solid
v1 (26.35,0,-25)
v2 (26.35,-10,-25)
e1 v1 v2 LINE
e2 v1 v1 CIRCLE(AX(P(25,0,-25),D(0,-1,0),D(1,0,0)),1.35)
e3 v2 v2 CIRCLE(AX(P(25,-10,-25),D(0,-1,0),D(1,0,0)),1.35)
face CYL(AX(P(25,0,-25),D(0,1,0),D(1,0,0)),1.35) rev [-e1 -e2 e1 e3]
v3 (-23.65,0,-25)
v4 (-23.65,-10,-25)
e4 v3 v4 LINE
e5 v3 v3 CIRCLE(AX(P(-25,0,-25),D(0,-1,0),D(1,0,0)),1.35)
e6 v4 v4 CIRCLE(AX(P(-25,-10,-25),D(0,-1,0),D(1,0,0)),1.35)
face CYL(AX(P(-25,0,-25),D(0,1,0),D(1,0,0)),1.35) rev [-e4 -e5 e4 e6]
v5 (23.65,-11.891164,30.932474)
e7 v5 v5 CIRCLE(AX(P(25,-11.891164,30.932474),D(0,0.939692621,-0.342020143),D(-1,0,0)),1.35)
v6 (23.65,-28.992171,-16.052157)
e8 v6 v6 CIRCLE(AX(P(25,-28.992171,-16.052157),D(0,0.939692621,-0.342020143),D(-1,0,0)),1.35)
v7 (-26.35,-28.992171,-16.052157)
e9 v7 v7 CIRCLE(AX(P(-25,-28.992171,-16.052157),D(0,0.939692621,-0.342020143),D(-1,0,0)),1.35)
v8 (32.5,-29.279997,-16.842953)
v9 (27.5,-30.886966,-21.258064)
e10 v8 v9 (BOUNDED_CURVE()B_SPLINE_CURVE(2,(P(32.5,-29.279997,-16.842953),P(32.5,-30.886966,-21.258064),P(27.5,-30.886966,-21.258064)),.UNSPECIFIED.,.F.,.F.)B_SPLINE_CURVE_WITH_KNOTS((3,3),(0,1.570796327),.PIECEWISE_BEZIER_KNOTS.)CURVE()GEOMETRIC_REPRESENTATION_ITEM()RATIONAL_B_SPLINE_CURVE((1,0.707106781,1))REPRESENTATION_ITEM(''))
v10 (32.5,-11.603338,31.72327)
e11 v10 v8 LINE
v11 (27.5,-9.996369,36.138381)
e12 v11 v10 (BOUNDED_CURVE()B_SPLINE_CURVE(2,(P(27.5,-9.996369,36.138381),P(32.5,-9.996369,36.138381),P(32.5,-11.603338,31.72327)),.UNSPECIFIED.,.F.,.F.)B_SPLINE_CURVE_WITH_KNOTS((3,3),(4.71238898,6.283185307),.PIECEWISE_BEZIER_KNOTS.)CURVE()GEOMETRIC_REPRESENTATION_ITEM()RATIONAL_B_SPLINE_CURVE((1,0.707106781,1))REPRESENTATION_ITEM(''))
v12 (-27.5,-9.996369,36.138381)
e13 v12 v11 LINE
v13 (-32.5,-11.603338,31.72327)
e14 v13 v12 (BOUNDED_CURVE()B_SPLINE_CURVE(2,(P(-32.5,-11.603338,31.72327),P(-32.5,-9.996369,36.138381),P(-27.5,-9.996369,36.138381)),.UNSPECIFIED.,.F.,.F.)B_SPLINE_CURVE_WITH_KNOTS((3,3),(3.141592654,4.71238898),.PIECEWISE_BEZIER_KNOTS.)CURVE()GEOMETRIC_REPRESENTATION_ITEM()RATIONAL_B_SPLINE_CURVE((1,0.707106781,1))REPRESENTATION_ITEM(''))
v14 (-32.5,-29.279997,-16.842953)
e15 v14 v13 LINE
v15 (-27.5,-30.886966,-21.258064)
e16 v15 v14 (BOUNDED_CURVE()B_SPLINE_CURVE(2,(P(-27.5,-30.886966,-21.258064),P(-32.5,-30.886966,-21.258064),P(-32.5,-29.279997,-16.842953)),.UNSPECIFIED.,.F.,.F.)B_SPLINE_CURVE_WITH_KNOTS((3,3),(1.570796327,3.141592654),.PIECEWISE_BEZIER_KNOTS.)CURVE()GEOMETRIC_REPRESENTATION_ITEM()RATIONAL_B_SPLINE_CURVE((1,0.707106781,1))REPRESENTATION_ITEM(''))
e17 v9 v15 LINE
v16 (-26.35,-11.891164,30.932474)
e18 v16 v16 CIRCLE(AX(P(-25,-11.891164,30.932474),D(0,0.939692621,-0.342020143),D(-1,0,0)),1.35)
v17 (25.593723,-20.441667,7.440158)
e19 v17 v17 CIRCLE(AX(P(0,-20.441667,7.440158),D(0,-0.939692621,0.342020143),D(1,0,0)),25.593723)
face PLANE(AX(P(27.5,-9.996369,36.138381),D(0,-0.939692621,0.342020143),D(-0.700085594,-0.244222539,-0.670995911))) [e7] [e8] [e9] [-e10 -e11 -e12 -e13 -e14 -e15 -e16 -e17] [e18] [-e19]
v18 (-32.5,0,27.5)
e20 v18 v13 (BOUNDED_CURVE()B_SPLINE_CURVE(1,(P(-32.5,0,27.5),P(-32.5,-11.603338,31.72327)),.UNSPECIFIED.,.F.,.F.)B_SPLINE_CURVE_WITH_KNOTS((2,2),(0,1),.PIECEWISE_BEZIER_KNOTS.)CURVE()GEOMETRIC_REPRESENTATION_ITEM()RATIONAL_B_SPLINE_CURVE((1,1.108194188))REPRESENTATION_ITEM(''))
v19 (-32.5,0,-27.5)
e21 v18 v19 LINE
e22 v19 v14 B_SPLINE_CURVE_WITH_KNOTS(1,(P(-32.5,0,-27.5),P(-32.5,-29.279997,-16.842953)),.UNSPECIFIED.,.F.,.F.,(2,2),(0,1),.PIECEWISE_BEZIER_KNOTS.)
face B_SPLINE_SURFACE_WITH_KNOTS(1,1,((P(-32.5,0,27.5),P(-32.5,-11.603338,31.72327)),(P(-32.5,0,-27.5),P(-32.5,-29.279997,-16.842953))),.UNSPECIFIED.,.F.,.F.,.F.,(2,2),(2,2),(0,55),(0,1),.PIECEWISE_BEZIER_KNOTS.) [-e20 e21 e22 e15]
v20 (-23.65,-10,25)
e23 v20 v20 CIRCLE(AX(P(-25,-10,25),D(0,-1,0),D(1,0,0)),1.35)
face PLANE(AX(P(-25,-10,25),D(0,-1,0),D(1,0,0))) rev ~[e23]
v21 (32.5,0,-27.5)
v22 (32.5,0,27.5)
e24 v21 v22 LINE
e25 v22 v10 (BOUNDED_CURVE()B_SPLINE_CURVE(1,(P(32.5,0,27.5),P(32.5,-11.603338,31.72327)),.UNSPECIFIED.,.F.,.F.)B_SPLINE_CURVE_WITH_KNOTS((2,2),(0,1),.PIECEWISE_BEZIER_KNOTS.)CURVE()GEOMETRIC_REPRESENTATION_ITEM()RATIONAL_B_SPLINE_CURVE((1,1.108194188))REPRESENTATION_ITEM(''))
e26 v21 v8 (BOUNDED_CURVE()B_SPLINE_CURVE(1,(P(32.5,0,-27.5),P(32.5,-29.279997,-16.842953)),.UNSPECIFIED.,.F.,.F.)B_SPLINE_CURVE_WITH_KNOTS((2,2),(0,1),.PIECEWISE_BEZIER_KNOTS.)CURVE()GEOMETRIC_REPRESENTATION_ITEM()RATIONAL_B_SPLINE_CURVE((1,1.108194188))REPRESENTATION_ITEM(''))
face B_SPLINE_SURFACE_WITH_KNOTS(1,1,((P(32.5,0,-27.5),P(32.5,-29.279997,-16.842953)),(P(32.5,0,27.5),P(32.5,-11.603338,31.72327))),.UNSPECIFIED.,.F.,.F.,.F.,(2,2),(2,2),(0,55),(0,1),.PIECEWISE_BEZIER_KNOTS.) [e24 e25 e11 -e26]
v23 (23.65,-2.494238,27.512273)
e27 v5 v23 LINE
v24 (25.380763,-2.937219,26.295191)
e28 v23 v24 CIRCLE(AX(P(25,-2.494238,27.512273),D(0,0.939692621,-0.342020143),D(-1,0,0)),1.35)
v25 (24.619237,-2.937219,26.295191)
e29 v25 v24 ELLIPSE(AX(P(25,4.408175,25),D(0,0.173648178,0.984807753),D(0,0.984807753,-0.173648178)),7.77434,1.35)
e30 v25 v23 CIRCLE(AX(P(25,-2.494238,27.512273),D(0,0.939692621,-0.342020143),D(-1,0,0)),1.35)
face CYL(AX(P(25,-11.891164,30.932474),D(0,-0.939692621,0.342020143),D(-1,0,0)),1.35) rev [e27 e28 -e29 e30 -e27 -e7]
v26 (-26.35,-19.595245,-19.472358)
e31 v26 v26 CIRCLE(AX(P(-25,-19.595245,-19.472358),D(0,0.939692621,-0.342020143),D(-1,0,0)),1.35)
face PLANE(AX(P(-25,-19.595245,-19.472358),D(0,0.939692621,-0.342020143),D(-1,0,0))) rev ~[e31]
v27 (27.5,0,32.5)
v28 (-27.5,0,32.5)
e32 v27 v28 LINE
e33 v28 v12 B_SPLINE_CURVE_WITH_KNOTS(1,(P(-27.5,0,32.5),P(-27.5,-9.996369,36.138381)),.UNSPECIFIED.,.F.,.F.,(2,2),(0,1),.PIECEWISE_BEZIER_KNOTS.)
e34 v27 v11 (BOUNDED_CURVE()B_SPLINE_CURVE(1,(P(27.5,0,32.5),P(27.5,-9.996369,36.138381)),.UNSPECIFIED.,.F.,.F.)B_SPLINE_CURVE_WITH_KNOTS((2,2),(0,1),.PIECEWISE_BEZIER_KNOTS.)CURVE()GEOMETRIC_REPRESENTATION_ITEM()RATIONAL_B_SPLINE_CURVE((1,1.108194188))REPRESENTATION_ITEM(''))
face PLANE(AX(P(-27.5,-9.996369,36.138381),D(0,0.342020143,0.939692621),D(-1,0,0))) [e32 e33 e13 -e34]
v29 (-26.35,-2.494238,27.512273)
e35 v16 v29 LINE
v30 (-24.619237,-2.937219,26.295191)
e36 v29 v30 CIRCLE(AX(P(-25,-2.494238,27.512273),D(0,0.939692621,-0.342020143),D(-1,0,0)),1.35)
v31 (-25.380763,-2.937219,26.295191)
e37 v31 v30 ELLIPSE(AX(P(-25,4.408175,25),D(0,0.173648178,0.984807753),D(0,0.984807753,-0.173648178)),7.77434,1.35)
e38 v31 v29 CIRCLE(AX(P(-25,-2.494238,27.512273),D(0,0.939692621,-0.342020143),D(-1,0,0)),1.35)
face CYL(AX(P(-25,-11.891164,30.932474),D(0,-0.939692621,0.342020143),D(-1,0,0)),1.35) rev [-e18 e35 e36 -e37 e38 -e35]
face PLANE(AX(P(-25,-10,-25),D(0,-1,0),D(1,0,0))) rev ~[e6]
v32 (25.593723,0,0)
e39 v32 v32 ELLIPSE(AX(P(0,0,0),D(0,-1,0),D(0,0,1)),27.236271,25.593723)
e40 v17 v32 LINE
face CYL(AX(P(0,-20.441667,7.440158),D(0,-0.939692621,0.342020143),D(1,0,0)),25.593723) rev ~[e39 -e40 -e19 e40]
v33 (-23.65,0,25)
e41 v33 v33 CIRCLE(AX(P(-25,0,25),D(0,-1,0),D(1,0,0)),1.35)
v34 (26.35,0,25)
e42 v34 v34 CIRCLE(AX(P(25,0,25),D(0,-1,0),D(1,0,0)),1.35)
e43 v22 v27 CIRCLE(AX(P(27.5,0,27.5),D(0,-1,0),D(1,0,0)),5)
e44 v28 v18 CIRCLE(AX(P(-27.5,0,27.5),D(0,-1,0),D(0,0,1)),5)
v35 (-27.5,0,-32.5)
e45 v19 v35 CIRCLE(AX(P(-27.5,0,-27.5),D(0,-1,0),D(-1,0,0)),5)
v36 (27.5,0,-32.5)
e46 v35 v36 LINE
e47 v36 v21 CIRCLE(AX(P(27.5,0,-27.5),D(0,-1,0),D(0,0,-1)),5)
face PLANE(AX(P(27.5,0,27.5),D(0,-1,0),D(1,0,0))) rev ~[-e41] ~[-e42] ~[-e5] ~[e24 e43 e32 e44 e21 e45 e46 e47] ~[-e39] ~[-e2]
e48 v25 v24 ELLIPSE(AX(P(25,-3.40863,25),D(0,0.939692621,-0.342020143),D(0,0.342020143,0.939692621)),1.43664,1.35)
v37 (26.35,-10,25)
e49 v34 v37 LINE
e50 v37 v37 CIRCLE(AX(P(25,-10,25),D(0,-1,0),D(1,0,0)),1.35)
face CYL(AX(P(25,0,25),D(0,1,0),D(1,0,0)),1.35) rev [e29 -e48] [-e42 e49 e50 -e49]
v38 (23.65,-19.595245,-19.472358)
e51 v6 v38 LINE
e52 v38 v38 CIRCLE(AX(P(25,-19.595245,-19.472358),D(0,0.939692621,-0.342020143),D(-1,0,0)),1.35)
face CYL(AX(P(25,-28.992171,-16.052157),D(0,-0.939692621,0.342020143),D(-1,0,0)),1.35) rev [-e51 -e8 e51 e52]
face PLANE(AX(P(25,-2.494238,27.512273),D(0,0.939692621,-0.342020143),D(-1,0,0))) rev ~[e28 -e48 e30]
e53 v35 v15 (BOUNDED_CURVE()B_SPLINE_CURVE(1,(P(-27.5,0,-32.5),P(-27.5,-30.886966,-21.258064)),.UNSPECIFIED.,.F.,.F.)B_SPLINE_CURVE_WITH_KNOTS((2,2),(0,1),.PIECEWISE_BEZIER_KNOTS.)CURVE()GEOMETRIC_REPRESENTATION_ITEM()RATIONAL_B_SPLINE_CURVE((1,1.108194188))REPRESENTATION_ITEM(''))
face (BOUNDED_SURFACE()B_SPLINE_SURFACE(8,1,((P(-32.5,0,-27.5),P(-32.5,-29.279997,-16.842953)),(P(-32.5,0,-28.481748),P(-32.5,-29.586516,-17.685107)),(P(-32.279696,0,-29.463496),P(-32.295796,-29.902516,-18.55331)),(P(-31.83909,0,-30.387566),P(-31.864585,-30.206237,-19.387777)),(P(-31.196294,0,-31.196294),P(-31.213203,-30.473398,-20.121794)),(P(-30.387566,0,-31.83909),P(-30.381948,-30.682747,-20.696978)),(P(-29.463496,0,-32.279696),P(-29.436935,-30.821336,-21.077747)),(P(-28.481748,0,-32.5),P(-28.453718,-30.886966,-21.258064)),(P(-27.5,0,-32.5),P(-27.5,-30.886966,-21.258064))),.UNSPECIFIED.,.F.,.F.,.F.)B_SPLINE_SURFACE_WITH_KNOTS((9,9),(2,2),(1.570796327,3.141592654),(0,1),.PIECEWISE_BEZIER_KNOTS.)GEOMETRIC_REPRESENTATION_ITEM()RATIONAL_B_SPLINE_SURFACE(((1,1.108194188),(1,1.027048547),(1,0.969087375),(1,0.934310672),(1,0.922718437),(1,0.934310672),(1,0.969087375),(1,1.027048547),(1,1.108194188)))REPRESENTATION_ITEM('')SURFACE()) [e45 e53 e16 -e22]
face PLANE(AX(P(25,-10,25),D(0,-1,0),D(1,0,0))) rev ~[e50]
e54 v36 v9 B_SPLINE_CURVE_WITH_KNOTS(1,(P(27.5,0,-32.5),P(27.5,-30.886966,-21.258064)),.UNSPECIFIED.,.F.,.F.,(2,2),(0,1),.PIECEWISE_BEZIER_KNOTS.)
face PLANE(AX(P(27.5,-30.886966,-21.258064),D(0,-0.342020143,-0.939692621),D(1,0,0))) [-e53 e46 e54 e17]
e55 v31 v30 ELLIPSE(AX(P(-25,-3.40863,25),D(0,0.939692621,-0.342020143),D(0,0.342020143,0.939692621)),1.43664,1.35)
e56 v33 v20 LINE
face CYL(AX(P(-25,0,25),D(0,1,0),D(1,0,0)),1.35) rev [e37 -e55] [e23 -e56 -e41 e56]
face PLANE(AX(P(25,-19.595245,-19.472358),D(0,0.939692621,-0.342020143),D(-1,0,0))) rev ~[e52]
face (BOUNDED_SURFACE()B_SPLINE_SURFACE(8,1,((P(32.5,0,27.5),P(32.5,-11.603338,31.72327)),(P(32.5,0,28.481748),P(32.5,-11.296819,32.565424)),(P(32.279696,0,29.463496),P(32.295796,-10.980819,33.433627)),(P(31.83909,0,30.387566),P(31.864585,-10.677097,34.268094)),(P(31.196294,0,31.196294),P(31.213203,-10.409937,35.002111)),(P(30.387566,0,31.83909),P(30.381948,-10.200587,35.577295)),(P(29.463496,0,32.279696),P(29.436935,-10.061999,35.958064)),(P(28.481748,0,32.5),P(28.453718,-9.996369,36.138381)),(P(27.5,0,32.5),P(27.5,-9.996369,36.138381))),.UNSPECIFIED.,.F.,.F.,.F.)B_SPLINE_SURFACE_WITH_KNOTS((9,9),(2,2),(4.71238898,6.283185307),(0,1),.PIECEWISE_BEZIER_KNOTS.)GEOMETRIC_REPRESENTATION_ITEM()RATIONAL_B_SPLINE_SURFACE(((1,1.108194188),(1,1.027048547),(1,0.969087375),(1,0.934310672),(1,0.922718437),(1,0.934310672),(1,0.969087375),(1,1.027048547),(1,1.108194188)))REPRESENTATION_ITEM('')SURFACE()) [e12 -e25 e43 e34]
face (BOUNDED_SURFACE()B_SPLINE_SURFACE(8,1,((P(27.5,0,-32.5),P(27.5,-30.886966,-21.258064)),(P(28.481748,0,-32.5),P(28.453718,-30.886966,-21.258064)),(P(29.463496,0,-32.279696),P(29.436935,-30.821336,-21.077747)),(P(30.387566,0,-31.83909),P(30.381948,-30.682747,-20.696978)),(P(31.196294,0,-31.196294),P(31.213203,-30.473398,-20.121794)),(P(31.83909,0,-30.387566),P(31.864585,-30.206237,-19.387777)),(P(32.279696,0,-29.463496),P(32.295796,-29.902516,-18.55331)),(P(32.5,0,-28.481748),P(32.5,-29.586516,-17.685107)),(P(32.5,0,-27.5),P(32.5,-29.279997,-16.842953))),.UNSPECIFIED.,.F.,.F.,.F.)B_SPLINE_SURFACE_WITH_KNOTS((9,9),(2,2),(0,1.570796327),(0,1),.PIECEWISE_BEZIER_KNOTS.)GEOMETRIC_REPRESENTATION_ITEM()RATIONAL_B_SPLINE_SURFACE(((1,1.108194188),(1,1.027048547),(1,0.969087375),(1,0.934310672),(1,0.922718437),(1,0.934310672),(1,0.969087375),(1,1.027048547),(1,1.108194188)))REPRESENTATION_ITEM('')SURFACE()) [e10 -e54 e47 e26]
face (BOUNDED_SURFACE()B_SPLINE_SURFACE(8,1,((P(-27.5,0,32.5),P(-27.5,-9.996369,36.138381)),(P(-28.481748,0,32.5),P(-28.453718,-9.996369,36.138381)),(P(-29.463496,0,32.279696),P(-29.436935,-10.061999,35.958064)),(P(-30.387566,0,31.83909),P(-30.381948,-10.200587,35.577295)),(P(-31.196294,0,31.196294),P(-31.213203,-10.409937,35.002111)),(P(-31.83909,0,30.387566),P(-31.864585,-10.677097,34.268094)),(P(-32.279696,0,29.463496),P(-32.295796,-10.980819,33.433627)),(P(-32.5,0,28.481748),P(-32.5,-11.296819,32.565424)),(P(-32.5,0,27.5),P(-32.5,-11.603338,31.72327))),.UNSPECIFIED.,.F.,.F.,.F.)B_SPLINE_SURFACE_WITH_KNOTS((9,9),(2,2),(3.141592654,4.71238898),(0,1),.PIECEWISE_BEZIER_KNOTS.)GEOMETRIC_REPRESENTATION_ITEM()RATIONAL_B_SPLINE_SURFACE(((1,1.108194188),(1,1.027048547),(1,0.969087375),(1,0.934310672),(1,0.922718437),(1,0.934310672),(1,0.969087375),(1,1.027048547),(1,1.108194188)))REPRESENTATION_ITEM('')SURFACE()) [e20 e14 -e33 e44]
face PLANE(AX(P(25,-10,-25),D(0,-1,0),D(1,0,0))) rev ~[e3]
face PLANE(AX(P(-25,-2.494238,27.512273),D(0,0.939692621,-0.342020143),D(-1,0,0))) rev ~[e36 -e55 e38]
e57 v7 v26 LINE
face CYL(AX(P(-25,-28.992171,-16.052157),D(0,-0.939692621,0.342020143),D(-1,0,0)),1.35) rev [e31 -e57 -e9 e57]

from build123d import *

# Parameters (mm, degrees)
F1_R      = 1.35
F7_DEPTH  = 10
F6_R      = 1.35
F8_DEPTH  = 10
F9_R      = 25.5937233364
F10_DEPTH = 32.8702228284


with BuildPart() as f5:
    # F0 (on Front) → F5 section 0
    with BuildSketch(Plane.XZ):
        with BuildLine():
            ThreePointArc((32.5, 27.5), (31.0355339059, 31.0355339059), (27.5, 32.5))
            Line((27.5, 32.5), (-27.5, 32.5))
            ThreePointArc((-27.5, 32.5), (-31.0355339059, 31.0355339059), (-32.5, 27.5))
            Line((-32.5, 27.5), (-32.5, -27.5))
            ThreePointArc((-32.5, -27.5), (-31.0355339059, -31.0355339059), (-27.5, -32.5))
            Line((-27.5, -32.5), (27.5, -32.5))
            ThreePointArc((27.5, -32.5), (31.0355339059, -31.0355339059), (32.5, -27.5))
            Line((32.5, -27.5), (32.5, 27.5))
        make_face()
    # F4 (on line) → F5 section 1
    with BuildSketch(Plane(origin=(0, -20.4416673649, 7.4401584596), x_dir=(-1, 0, 0), z_dir=(0, 0.9396926208, -0.3420201433))):
        with BuildLine():
            Line((27.5, 30.5400101755), (-27.5, 30.5400101755))
            add(Edge.make_bspline(
                [(-27.5, 30.5400101755), (-32.5, 30.5400101755), (-32.5, 25.8415470716)],
                knots=[4.7123889804, 4.7123889804, 4.7123889804, 6.2831853072, 6.2831853072, 6.2831853072], degree=2, weights=[1, 0.7071067812, 1]))
            Line((-32.5, 25.8415470716), (-32.5, -25.8415470716))
            add(Edge.make_bspline(
                [(-32.5, -25.8415470716), (-32.5, -30.5400101755), (-27.5, -30.5400101755)],
                knots=[0, 0, 0, 1.5707963268, 1.5707963268, 1.5707963268], degree=2, weights=[1, 0.7071067812, 1]))
            Line((-27.5, -30.5400101755), (27.5, -30.5400101755))
            add(Edge.make_bspline(
                [(27.5, -30.5400101755), (32.5, -30.5400101755), (32.5, -25.8415470716)],
                knots=[1.5707963268, 1.5707963268, 1.5707963268, 3.1415926536, 3.1415926536, 3.1415926536], degree=2, weights=[1, 0.7071067812, 1]))
            Line((32.5, -25.8415470716), (32.5, 25.8415470716))
            add(Edge.make_bspline(
                [(32.5, 25.8415470716), (32.5, 30.5400101755), (27.5, 30.5400101755)],
                knots=[3.1415926536, 3.1415926536, 3.1415926536, 4.7123889804, 4.7123889804, 4.7123889804], degree=2, weights=[1, 0.7071067812, 1]))
        make_face()
    loft()

    # F1 (on Front) → F7 (cut)
    with BuildSketch(Plane.XZ):
        with Locations((-25, 25)):
            Circle(F1_R)
        with Locations((25, 25)):
            Circle(F1_R)
        with Locations((-25, -25)):
            Circle(F1_R)
        with Locations((25, -25)):
            Circle(F1_R)
    extrude(amount=F7_DEPTH, mode=Mode.SUBTRACT)

    # F6 (on line) → F8 (cut)
    with BuildSketch(Plane(origin=(0, -20.4416673649, 7.4401584596), x_dir=(-1, 0, 0), z_dir=(0, 0.9396926208, -0.3420201433))):
        with Locations((-25, 25)):
            Circle(F6_R)
        with Locations((25, 25)):
            Circle(F6_R)
        with Locations((-25, -25)):
            Circle(F6_R)
        with Locations((25, -25)):
            Circle(F6_R)
    extrude(amount=F8_DEPTH, mode=Mode.SUBTRACT)

    # F9 (on face) → F10 (cut, through all)
    with BuildSketch(Plane(origin=(0, -20.4416673649, 7.4401584596), x_dir=(1, 0, 0), z_dir=(0, -0.9396926208, 0.3420201433))):
        Circle(F9_R)
    extrude(amount=-F10_DEPTH, mode=Mode.SUBTRACT)


solid = f5.part
